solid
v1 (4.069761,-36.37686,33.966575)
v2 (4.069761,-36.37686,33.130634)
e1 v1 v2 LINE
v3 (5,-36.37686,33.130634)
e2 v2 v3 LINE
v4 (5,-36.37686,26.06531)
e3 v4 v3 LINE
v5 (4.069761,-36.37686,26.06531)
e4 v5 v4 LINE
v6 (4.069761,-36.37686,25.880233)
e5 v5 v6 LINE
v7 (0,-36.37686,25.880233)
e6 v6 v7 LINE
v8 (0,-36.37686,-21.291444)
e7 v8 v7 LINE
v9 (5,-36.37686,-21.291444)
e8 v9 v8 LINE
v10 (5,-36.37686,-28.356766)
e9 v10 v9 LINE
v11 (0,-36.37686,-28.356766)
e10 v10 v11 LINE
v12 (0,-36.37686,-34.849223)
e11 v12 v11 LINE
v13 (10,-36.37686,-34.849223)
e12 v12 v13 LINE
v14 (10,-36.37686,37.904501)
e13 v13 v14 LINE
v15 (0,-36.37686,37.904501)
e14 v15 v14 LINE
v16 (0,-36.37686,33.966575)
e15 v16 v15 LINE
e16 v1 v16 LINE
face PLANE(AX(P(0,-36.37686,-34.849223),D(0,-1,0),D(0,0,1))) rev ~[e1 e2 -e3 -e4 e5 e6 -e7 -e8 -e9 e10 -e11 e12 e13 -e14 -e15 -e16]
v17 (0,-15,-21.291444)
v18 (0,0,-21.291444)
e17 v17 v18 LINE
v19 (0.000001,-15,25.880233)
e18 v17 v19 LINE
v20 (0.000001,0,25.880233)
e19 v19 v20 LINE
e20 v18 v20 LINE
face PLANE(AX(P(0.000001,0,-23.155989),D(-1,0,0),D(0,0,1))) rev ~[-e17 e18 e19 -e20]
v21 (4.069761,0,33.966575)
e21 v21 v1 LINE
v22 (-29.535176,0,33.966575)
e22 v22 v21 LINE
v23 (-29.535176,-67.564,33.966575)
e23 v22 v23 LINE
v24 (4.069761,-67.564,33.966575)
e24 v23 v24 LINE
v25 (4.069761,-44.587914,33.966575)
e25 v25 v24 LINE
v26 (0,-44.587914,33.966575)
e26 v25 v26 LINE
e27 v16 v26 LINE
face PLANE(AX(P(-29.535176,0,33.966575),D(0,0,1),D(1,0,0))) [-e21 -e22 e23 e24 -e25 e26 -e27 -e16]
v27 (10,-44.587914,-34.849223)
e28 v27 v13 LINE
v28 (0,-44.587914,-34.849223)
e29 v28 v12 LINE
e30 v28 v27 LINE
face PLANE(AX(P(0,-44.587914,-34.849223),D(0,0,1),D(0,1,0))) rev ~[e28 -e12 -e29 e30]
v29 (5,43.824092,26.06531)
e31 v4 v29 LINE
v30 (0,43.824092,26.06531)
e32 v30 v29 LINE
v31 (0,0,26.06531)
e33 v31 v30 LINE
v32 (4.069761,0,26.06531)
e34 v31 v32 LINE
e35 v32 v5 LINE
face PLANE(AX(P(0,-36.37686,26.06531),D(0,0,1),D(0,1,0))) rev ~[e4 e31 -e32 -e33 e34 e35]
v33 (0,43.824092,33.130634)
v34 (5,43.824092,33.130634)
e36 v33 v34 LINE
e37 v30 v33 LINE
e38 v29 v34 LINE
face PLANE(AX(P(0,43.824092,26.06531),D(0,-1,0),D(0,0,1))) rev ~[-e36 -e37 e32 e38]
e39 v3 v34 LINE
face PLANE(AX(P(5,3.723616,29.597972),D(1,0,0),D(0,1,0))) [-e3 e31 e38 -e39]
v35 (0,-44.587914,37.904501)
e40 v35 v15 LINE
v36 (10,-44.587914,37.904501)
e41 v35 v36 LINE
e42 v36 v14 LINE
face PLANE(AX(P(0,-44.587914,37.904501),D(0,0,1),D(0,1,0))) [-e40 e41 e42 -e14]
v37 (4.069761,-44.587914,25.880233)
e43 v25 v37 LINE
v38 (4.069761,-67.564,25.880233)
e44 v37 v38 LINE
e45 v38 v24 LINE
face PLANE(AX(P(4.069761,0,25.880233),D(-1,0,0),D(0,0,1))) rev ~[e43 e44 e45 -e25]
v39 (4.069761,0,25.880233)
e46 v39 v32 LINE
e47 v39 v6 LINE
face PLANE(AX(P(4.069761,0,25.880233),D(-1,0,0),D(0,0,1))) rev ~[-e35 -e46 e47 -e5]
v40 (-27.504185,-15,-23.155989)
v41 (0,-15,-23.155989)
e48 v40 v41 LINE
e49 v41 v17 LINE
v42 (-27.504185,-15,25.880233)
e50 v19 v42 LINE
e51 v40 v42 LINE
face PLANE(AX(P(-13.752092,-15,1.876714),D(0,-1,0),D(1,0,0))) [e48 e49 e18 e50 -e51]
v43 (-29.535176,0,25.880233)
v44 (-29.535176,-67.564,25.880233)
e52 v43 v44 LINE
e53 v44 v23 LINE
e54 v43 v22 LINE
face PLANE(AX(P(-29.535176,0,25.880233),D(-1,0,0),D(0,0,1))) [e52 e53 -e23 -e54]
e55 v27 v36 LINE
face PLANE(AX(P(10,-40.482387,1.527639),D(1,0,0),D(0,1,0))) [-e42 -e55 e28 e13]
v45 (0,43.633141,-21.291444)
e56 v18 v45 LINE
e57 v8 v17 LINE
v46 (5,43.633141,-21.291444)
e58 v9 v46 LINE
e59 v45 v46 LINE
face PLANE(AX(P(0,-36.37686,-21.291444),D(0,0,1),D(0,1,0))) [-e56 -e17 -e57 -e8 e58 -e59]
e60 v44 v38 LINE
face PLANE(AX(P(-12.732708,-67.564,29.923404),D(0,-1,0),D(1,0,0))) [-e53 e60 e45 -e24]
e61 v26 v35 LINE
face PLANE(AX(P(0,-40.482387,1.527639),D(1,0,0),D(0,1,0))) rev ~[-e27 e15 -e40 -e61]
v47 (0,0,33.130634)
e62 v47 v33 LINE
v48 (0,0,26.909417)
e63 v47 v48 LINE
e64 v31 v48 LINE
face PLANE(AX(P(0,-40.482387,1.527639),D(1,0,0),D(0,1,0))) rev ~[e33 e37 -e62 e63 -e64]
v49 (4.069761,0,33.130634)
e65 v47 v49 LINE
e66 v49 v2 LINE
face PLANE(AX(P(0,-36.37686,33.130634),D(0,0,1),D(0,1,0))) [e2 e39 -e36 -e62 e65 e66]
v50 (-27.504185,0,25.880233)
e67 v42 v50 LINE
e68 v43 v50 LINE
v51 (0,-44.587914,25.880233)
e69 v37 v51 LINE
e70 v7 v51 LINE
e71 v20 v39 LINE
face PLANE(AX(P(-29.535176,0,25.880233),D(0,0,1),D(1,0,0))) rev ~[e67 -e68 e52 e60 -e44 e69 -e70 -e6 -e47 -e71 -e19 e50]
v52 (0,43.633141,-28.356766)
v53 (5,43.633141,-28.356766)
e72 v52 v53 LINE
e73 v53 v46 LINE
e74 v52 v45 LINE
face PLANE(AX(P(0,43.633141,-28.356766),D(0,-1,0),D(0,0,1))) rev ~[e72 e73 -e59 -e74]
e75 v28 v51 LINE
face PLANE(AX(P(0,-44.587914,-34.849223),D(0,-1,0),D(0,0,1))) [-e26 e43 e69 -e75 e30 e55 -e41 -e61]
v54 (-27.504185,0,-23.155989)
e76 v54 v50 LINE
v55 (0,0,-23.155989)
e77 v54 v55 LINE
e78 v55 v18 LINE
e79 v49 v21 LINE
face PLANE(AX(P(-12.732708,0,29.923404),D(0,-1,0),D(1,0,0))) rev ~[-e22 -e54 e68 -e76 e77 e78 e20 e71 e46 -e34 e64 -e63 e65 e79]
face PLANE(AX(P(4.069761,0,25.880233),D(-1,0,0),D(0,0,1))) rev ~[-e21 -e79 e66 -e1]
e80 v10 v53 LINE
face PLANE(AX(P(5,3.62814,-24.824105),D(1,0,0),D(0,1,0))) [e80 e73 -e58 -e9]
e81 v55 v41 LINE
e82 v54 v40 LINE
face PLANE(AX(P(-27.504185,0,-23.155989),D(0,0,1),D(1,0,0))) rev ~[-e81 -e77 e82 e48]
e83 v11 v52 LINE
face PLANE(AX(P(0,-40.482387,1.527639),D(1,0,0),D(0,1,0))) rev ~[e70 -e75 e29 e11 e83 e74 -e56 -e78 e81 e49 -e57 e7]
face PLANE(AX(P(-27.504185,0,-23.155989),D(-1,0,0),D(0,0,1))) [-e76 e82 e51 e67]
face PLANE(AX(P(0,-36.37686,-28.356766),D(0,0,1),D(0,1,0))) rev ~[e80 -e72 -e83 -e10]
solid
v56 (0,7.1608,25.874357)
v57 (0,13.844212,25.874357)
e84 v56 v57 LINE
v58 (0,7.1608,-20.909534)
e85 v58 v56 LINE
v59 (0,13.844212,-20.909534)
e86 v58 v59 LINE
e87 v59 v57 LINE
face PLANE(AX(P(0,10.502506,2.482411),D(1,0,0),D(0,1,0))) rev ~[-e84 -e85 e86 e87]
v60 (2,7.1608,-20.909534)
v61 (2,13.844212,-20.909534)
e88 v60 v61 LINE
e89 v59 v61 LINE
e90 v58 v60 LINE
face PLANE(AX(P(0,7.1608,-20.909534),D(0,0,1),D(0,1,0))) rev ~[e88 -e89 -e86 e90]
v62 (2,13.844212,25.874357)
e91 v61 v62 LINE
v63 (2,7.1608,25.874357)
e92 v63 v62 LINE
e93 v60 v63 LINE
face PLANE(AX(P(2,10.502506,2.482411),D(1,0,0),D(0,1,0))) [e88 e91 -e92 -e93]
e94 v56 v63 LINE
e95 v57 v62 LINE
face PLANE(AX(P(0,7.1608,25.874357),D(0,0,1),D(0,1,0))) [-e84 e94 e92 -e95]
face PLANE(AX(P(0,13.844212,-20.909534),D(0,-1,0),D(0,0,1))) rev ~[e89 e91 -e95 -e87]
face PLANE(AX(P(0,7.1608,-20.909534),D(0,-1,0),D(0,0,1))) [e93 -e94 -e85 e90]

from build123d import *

# Parameters (mm, degrees)
F0_W      = 8.211054
F0_H      = 72.753724
F1_DEPTH  = 10
F2_W      = 80.200952
F2_H      = 7.065325
F3_DEPTH  = 5
F4_W      = 80.010001
F4_H      = 7.065322
F5_DEPTH  = 5
F7_W      = 6.683413
F7_H      = 46.783891
F8_DEPTH  = 2
F9_W      = 27.504185
F9_H      = 50.065406
F10_DEPTH = 15
F11_W     = 33.604937
F11_H     = 8.086341
F12_DEPTH = 67.564


with BuildPart() as f1:
    # F0 (on Right) → F1 (new body)
    with BuildSketch(Plane.YZ):
        with Locations((-40.482387, 1.527639)):
            Rectangle(F0_W, F0_H)
    extrude(amount=F1_DEPTH)

    # F2 (on Right) → F3 (join)
    with BuildSketch(Plane.YZ):
        with Locations((3.723616, 29.597972)):
            Rectangle(F2_W, F2_H)
    extrude(amount=F3_DEPTH)

    # F4 (on Right) → F5 (join)
    with BuildSketch(Plane.YZ):
        with Locations((3.62814, -24.824105)):
            Rectangle(F4_W, F4_H)
    extrude(amount=F5_DEPTH)

    # F9 (on Front) → F10 (join)
    with BuildSketch(Plane.XZ):
        with Locations((-13.752092, 1.876714)):
            Rectangle(F9_W, F9_H)
    extrude(amount=F10_DEPTH)

    # F11 (on Front) → F12 (join)
    with BuildSketch(Plane.XZ):
        with Locations((-12.732708, 29.923404)):
            Rectangle(F11_W, F11_H)
    extrude(amount=F12_DEPTH)


with BuildPart() as f8:
    # F7 (on Right) → F8 (new body)
    with BuildSketch(Plane.YZ):
        with Locations((10.502506, 2.482411)):
            Rectangle(F7_W, F7_H)
    extrude(amount=F8_DEPTH)


solid = Compound([f1.part, f8.part])
